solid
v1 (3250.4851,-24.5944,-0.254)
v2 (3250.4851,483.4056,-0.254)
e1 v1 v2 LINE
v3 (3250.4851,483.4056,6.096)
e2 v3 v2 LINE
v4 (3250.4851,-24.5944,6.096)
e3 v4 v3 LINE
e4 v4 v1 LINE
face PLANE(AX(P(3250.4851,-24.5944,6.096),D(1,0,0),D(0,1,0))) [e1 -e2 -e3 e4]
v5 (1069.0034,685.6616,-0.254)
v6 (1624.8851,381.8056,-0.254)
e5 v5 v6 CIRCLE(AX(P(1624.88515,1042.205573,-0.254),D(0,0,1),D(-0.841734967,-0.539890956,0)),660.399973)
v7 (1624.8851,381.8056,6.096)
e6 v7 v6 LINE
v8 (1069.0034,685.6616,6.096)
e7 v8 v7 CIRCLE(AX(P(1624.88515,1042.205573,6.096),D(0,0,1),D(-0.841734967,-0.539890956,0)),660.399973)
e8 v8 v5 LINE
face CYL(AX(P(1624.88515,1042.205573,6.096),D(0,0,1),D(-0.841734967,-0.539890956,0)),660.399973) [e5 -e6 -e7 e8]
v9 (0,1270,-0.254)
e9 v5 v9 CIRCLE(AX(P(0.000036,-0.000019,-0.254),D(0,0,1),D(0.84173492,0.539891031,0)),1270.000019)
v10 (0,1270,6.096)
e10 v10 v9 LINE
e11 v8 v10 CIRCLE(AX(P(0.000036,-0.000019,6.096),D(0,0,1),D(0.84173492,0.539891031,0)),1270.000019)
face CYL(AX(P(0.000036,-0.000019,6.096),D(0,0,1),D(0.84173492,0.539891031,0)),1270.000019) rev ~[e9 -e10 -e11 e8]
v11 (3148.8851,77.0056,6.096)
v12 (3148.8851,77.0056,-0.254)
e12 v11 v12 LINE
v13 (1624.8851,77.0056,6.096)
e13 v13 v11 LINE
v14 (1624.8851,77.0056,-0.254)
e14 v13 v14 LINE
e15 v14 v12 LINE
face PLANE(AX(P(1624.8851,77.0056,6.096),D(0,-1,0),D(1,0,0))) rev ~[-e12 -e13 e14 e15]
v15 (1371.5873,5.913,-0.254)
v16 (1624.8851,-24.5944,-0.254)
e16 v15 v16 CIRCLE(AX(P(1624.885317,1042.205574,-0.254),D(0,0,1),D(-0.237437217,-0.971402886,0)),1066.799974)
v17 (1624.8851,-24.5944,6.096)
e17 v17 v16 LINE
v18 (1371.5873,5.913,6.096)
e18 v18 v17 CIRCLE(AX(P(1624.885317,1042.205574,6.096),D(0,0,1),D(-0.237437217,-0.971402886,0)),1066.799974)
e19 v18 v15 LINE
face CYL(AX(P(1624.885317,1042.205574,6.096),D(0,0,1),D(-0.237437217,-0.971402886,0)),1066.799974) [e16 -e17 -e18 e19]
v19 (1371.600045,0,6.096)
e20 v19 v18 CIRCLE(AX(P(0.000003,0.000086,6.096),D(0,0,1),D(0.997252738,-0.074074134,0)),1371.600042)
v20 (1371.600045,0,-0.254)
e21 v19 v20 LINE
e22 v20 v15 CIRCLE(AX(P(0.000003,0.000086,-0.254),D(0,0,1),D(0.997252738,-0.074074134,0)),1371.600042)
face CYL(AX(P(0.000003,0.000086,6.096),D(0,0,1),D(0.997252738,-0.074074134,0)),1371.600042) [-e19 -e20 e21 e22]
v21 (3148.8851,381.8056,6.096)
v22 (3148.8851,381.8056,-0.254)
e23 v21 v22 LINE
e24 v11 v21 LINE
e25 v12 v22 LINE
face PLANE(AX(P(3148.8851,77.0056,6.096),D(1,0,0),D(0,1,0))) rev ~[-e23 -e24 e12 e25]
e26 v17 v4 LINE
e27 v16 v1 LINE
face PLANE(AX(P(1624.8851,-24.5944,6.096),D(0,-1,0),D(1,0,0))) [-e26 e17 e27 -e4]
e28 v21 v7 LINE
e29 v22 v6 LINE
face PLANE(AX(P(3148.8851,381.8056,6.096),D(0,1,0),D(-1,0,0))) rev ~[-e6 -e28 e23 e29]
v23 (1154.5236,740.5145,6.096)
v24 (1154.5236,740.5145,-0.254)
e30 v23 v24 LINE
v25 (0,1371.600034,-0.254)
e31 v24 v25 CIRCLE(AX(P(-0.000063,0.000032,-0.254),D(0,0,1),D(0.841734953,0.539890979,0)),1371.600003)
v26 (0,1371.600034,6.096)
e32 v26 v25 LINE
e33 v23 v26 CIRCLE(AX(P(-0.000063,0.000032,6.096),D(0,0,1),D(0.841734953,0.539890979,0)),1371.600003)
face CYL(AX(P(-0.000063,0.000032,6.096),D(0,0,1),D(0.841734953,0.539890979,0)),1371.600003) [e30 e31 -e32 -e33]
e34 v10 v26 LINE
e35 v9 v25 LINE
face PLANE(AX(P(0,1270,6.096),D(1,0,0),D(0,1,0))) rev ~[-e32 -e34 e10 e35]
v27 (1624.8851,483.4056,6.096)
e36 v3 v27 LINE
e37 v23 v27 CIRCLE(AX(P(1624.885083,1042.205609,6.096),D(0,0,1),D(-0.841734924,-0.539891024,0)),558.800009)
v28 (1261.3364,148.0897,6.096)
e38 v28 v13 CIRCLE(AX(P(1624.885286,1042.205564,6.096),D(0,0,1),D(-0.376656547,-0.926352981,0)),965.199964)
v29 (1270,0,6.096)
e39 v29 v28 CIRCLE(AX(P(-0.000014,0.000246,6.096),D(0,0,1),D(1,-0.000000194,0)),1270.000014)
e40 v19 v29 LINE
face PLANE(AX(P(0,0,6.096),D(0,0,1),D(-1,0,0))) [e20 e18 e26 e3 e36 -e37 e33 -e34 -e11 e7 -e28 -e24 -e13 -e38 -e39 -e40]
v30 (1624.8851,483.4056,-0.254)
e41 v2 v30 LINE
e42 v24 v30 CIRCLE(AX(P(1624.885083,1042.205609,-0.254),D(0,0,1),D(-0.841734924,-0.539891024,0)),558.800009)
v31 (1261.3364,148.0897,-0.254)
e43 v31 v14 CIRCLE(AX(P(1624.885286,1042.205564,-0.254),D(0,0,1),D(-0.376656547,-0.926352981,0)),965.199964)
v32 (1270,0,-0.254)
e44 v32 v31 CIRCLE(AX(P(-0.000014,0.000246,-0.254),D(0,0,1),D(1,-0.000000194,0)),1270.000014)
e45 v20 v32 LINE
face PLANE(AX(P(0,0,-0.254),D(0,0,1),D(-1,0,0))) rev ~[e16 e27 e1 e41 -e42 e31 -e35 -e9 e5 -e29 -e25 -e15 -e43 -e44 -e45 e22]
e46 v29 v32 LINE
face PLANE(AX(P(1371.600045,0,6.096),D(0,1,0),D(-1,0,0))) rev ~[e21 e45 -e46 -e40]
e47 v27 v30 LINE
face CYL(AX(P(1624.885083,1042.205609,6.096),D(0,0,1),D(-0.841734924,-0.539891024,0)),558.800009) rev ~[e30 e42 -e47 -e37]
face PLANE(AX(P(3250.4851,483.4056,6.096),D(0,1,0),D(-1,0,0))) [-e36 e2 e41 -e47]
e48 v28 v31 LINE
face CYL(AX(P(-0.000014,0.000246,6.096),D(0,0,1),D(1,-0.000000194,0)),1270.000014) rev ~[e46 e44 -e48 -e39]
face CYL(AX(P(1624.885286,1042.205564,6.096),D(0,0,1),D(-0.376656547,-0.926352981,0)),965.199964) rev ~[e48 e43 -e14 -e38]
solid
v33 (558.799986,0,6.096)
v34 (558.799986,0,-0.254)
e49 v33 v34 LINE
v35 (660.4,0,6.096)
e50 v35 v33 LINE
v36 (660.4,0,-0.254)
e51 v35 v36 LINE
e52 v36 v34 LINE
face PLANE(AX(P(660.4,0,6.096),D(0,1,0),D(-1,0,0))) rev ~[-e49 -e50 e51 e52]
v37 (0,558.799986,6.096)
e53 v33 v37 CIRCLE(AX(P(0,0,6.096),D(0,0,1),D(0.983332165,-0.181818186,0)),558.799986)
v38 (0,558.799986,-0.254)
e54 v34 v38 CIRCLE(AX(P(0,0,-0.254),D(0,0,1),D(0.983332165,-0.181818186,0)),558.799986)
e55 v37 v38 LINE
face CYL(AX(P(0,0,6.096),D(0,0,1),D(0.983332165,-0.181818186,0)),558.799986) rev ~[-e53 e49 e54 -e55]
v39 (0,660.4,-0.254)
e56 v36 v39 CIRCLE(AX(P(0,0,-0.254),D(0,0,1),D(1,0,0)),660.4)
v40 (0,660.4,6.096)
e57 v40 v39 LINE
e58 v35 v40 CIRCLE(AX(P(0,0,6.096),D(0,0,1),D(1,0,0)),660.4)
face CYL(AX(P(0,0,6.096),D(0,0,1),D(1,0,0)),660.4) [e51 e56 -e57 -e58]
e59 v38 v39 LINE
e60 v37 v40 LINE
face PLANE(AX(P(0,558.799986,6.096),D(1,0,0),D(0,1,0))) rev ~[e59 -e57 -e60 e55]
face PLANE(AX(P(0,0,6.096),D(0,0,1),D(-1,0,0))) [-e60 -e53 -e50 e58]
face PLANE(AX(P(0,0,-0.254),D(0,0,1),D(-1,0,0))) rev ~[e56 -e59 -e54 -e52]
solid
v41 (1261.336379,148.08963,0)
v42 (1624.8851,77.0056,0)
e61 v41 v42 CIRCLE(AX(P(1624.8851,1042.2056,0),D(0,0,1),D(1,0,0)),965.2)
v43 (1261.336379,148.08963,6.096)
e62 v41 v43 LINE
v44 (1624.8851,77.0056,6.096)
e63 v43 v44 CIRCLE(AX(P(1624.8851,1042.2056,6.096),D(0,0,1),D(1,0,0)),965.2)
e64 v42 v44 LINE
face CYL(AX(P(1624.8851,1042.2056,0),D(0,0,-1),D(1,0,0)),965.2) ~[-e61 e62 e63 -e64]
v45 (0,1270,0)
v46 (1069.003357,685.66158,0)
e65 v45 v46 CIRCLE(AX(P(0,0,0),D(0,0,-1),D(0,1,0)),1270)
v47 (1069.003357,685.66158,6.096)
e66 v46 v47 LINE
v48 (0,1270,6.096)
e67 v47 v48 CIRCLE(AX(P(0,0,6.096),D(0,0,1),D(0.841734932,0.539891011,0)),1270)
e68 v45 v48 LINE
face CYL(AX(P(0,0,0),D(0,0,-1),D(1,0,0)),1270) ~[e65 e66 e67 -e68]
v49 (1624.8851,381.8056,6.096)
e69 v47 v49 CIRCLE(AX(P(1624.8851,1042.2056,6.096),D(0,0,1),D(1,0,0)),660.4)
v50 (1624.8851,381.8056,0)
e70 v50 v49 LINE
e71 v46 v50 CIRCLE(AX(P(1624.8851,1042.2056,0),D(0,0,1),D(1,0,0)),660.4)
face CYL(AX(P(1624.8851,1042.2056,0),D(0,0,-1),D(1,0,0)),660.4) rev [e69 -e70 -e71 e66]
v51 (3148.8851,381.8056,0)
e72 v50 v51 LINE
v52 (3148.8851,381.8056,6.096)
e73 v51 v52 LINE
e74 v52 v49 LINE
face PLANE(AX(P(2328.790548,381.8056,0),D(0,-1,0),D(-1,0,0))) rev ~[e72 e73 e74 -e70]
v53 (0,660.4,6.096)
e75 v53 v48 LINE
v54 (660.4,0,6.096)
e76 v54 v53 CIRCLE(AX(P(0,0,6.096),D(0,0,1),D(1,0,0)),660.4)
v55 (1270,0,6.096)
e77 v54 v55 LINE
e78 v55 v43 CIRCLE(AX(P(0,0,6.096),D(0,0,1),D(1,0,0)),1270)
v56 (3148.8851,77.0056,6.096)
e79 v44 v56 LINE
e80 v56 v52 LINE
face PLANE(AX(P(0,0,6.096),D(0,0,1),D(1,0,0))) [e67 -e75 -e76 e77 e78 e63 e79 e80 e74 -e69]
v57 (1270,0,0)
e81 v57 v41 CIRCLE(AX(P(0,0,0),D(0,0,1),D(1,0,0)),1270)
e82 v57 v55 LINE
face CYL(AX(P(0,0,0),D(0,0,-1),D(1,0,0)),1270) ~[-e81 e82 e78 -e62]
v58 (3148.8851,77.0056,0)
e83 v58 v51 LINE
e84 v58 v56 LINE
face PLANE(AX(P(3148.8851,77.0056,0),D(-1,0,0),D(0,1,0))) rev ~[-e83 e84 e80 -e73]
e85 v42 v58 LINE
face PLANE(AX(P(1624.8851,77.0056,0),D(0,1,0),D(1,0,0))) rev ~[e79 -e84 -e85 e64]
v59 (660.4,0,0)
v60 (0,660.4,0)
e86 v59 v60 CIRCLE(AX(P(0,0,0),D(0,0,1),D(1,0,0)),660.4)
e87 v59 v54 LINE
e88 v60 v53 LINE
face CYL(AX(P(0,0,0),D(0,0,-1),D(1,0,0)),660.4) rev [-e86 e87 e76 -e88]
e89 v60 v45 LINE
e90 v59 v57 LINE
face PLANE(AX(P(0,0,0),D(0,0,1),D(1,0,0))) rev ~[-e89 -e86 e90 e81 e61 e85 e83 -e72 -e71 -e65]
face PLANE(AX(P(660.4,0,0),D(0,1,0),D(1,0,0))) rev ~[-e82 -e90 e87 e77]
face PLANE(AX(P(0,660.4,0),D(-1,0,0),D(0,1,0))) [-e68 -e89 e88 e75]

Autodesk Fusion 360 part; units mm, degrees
sketch "Sketch1" plane through (0, 0, 0) normal (0, 0, 1) x (1, 0, 0)
  circle A0 centre (0, 0) radius 660.4
  circle A1 centre (0, 0) radius 1270
  line L0 (0, 0) -> (0, 1270)
  line L1 (0, 0) -> (1270, 0)
  circle A2 centre (1624.8851, 1042.2056) radius 660.4
  circle A3 centre (1624.8851, 1042.2056) radius 965.2
  line L2 (1624.8851, 1042.2056) -> (1624.8851, 77.0056)
  line L3 (1624.8851, 77.0056) -> (3148.8851, 77.0056)
  line L4 (3148.8851, 77.0056) -> (3148.8851, 381.8056)
  line L5 (3148.8851, 381.8056) -> (1624.8851, 381.8056)
  line L6 (1624.8851, 381.8056) -> (1624.8851, 77.0056)
  dimension "d1" = 1320.8
  dimension "d2" = 609.6
  dimension "d3" = 1320.8
  dimension "d4" = 304.8
  dimension "d5" = 1524
  dimension "d6" = 304.8
extrude "Extrude1" add sketch "Sketch1" along normal blind 6.096 contours A0 A1 L0 L1 A3 | A1 A3 | A1 A2 A3 L2 L6 | A3 L2 L5 L6 | A3 L3 L4 L5 makes body 1
sketch "Sketch2" plane through (0, 0, 6.096) normal (0, 0, 1) x (-1, 0, 0)
  line L0 (-660.4, 0) -> (-1270, 0)
  arc A0 (-1270, 0) -> (-1261.3364, -148.0897) centre (0, 0) ccw
  arc A1 (-1261.3364, -148.0897) -> (-1624.8851, -77.0056) centre (-1624.8851, -1042.2056) ccw
  line L1 (-1624.8851, -77.0056) -> (-3148.8851, -77.0056)
  line L2 (-3148.8851, -77.0056) -> (-3148.8851, -381.8056)
  line L3 (-3148.8851, -381.8056) -> (-1624.8851, -381.8056)
  arc A2 (-1069.0034, -685.6616) -> (-1624.8851, -381.8056) centre (-1624.8851, -1042.2056) ccw
  arc A3 (-1069.0034, -685.6616) -> (0, -1270) centre (0, 0) ccw
  line L4 (0, -1270) -> (0, -660.4)
  arc A4 (-660.4, 0) -> (0, -660.4) centre (0, 0) ccw
  arc A5 (-549.486, 101.6) -> (101.6, -549.486) centre (0, 0) ccw
  line L5 (101.6, -1367.8319) -> (101.6, -549.486)
  arc A6 (-1154.5236, -740.5145) -> (101.6, -1367.8319) centre (0, 0) ccw
  arc A7 (-1154.5236, -740.5145) -> (-1624.8851, -483.4056) centre (-1624.8851, -1042.2056) ccw
  line L6 (-3250.4851, -483.4056) -> (-1624.8851, -483.4056)
  line L7 (-3250.4851, 24.5944) -> (-3250.4851, -483.4056)
  line L8 (-1624.8851, 24.5944) -> (-3250.4851, 24.5944)
  arc A8 (-1371.5873, -5.913) -> (-1624.8851, 24.5944) centre (-1624.8851, -1042.2056) ccw
  arc A9 (-1367.8319, 101.6) -> (-1371.5873, -5.913) centre (0, 0) ccw
  line L9 (-549.486, 101.6) -> (-1367.8319, 101.6)
  line L10 (-549.486, 101.6) -> (-1383.9809, 101.6)
  line L11 (-1383.9809, 101.6) -> (-1383.9809, 0)
  line L12 (-1383.9809, 0) -> (-549.486, 0)
  line L13 (-549.486, 0) -> (-549.486, 101.6)
  line L14 (101.6, -549.486) -> (0, -549.486)
  line L15 (0, -549.486) -> (0, -1422.4)
  line L16 (0, -1422.4) -> (101.6, -1422.4)
  line L17 (101.6, -1422.4) -> (101.6, -549.486)
  dimension "d9" = 101.6
  dimension "d10" = 101.6
extrude "Extrude1'" add sketch "Sketch2" against normal blind 6.35 separate body contours A4 A5 L12 L15 | A0 A1 L1 L2 L3 A2 A3 A6 A7 L6 L7 L8 A8 A9 L12 L15 makes body 2 at (2674.7518, 9.2723, 6.096) makes body 3 at (31.3282, 624.2927, 6.096) in component "On Ramp"
copy_body "CutPasteBodies1" bodies 1 removing the originals makes body 4 in component "On Ramp"
component "On Ramp" placed x (1, 0, 0) y (0, 1, 0) z (0, 0, 1) at (0, 0, 0)
